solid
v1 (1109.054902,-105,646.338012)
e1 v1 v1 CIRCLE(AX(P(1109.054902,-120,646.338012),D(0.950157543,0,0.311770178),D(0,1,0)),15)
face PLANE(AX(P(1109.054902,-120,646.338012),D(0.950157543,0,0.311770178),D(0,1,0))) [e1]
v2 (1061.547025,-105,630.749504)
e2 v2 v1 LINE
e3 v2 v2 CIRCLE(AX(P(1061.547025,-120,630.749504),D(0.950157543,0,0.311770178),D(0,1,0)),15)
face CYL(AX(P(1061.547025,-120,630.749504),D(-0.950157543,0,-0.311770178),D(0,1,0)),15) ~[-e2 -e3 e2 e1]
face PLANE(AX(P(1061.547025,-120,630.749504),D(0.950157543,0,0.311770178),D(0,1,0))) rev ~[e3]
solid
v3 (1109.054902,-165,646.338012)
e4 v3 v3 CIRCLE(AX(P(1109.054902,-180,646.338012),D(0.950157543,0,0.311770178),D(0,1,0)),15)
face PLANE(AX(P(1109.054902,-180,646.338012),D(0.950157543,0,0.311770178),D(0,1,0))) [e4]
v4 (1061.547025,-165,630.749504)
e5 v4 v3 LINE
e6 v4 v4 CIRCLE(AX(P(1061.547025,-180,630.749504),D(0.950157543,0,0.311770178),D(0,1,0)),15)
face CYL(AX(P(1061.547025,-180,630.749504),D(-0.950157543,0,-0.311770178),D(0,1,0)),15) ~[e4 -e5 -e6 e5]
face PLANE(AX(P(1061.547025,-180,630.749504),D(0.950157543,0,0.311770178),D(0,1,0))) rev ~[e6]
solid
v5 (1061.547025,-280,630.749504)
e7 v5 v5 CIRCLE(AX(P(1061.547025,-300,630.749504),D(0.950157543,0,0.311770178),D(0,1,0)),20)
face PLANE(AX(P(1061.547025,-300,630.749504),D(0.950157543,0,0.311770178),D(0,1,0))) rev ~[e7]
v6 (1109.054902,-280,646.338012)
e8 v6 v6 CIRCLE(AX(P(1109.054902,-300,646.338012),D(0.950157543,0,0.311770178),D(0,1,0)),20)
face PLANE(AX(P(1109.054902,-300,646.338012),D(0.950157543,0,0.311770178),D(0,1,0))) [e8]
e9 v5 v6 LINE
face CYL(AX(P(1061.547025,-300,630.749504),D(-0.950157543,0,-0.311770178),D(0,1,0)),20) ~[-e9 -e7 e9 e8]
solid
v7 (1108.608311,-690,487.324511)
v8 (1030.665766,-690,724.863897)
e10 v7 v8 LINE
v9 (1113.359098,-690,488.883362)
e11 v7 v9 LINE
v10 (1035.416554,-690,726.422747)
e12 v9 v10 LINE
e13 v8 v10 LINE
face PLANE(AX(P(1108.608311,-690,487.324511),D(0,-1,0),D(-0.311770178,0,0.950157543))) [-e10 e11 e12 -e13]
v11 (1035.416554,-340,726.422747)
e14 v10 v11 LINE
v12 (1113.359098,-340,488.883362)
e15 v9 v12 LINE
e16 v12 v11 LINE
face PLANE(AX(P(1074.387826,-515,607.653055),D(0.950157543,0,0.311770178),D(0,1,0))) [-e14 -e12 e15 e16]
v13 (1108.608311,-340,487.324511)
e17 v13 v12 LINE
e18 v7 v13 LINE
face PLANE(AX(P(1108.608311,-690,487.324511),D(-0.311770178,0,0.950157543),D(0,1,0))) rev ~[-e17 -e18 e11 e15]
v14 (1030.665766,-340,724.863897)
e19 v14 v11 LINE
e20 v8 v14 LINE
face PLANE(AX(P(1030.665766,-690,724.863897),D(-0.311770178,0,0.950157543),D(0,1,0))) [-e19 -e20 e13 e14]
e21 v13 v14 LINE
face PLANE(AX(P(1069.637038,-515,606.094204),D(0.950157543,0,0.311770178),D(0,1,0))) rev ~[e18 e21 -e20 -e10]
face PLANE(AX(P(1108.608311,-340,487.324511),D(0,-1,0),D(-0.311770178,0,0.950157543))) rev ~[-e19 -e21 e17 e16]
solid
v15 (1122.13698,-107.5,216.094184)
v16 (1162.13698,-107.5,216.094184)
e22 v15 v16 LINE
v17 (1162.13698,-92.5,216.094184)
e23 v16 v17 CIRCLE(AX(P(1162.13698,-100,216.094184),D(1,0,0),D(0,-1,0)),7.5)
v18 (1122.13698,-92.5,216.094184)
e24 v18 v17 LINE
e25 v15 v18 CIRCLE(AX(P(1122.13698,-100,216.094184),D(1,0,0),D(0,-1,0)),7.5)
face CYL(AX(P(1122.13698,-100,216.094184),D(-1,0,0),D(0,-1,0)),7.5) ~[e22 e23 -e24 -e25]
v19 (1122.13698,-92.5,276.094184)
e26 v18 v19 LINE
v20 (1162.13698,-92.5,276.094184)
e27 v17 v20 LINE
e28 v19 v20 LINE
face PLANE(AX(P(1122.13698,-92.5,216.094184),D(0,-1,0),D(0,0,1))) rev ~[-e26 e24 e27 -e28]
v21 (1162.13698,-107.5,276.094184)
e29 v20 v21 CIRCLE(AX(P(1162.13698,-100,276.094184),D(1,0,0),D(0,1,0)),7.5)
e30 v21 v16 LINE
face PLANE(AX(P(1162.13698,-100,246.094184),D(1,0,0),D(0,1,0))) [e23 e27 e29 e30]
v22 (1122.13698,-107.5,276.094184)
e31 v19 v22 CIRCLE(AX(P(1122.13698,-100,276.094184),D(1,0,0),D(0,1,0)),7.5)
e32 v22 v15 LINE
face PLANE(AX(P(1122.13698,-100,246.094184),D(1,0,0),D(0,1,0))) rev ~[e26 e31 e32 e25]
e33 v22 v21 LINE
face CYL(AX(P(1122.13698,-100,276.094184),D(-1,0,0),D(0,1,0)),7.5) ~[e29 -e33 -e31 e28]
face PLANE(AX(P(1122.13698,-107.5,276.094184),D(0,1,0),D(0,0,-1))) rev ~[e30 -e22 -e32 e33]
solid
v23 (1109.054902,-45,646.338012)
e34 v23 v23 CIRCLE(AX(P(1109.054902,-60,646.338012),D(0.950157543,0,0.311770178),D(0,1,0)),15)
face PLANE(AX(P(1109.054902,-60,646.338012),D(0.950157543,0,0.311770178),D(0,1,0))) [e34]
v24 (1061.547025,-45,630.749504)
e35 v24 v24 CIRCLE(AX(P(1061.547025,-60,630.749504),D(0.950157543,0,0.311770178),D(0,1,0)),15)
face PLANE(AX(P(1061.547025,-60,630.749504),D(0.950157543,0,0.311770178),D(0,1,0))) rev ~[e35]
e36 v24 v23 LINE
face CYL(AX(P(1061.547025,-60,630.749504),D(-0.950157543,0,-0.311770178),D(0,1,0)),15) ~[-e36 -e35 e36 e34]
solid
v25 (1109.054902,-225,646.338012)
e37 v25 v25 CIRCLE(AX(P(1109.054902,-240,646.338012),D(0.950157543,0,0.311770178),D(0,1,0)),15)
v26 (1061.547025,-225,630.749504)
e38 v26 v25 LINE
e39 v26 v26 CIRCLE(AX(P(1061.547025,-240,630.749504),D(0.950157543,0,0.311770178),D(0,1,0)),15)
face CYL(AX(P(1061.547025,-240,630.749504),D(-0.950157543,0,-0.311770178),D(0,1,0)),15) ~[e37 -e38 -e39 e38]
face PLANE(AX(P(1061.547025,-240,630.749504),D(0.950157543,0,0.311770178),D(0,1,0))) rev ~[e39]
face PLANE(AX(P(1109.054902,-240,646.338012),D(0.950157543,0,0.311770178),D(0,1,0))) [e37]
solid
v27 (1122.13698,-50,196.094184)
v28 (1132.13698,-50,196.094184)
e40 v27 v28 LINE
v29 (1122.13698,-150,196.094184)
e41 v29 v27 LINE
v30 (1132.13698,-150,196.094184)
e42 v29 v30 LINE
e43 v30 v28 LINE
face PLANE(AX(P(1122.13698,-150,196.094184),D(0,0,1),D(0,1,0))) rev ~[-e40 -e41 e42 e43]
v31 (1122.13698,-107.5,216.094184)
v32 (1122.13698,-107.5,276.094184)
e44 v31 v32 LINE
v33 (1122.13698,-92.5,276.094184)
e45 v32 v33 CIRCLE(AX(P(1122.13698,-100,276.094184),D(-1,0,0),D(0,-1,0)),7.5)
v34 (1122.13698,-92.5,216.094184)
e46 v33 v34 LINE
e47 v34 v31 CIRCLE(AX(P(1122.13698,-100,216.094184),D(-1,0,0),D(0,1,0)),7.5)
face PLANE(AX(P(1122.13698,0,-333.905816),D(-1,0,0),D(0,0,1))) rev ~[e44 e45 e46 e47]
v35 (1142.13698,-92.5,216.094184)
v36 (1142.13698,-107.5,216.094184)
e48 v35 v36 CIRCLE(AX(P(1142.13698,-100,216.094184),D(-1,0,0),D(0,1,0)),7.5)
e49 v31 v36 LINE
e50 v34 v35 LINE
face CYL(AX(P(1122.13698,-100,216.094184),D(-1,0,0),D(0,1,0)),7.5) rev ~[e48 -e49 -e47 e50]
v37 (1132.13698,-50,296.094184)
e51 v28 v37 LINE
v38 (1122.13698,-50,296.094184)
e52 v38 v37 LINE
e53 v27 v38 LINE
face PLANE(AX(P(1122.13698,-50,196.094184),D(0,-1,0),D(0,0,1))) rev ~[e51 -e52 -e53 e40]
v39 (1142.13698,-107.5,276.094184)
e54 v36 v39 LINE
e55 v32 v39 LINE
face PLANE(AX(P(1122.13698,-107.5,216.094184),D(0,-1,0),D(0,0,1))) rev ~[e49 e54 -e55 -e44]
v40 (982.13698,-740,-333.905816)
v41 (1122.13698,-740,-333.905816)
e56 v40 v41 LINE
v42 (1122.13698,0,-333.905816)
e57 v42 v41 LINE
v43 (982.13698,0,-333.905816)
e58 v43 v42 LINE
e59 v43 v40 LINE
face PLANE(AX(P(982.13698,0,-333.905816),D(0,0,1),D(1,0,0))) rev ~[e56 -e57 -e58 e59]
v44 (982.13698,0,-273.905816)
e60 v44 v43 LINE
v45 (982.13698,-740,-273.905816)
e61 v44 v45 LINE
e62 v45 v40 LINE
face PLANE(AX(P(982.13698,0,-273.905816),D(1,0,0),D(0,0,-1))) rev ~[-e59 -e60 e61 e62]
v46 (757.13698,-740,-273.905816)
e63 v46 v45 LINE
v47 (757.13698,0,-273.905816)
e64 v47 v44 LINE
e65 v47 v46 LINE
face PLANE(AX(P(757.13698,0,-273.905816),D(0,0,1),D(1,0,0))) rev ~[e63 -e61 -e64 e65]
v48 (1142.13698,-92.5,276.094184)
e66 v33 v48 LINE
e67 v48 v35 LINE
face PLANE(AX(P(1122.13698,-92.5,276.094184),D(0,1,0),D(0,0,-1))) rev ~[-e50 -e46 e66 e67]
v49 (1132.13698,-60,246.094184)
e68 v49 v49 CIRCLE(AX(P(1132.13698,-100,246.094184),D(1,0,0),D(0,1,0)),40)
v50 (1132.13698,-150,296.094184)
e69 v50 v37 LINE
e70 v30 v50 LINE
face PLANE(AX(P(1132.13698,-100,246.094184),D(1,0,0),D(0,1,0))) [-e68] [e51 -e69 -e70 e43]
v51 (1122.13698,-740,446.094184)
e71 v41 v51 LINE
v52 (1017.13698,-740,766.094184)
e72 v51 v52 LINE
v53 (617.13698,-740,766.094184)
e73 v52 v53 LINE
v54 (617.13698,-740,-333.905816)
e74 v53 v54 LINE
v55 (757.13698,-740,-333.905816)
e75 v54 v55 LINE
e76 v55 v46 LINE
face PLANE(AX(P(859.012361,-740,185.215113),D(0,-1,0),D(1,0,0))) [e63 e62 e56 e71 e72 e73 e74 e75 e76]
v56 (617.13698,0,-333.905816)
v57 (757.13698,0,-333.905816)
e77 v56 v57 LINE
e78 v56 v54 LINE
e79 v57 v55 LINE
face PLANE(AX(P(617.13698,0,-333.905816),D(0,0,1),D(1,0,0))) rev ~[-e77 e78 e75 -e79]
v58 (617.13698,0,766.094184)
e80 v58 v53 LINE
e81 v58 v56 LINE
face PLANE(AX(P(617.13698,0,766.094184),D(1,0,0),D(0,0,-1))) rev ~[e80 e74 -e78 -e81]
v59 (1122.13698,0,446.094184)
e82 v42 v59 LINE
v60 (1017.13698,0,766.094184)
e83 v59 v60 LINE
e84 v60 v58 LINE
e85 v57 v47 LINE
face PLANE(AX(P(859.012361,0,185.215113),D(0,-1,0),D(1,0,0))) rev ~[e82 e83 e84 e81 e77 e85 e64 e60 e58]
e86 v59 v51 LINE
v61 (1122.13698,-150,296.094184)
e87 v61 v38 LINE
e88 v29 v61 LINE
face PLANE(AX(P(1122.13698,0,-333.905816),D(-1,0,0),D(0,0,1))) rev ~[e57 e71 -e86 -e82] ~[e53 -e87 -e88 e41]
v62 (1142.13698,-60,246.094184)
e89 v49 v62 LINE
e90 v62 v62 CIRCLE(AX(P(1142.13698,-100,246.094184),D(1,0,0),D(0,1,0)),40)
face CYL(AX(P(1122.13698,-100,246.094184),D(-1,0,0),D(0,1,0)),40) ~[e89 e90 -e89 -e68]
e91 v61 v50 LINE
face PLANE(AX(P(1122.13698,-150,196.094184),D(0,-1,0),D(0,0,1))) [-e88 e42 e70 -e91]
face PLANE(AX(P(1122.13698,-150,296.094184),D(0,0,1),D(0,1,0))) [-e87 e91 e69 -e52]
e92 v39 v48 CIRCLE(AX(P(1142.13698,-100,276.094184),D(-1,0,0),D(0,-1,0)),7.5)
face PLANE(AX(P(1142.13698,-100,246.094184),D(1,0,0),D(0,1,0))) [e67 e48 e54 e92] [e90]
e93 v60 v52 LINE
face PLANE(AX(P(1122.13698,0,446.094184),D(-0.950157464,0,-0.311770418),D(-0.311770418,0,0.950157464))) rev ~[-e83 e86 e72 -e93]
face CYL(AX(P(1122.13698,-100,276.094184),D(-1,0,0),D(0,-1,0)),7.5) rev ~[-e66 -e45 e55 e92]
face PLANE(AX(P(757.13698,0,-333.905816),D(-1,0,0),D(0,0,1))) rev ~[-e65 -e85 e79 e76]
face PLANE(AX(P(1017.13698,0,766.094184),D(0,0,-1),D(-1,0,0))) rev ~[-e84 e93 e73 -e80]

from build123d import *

# Parameters (mm, degrees)
F1_DEPTH = 740
F2_W     = 100
F2_H     = 100
F2_R     = 40
F3_DEPTH = 10
F4_DEPTH = 20
F5_DEPTH = 40
F6_W     = 350
F6_H     = 250
F7_DEPTH = 5
F8_R     = 20
F8_R_2   = 15
F9_DEPTH = 50


with BuildPart() as f1:
    # F0 (on Front) → F1 (new body)
    with BuildSketch(Plane.XZ):
        Polygon((1017.13698, 766.094184), (617.13698, 766.094184), (617.13698, -333.905816), (757.13698, -333.905816), (757.13698, -273.905816), (982.13698, -273.905816), (982.13698, -333.905816), (1122.13698, -333.905816), (1122.13698, 446.094184), align=None)
    extrude(amount=F1_DEPTH)

    # F2 (on face) → F3 (join)
    with BuildSketch(Plane.YZ.offset(1122.13698)):
        with Locations((-100, 246.094184)):
            Rectangle(F2_W, F2_H)
        with Locations((-100, 246.094184)):
            Circle(F2_R, mode=Mode.SUBTRACT)
    extrude(amount=F3_DEPTH)

    # F2 (on face) → F4 (join)
    with BuildSketch(Plane.YZ.offset(1122.13698)):
        with Locations((-100, 246.094184)):
            Circle(F2_R)
        with BuildLine():
            Line((-107.5, 216.094184), (-107.5, 276.094184))
            ThreePointArc((-107.5, 276.094184), (-100, 283.594184), (-92.5, 276.094184))
            Line((-92.5, 276.094184), (-92.5, 216.094184))
            ThreePointArc((-92.5, 216.094184), (-100, 208.594184), (-107.5, 216.094184))
        make_face(mode=Mode.SUBTRACT)
    extrude(amount=F4_DEPTH)


with BuildPart() as f5:
    # F2 (on face) → F5 (new body)
    with BuildSketch(Plane.YZ.offset(1122.13698)):
        with BuildLine():
            ThreePointArc((-92.5, 276.094184), (-100, 283.594184), (-107.5, 276.094184))
            Line((-107.5, 276.094184), (-107.5, 216.094184))
            ThreePointArc((-107.5, 216.094184), (-100, 208.594184), (-92.5, 216.094184))
            Line((-92.5, 216.094184), (-92.5, 276.094184))
        make_face()
    extrude(amount=F5_DEPTH)


with BuildPart() as f7:
    # F6 (on face) → F7 (new body)
    with BuildSketch(Plane(origin=(1145.211297, 0, 375.772457), x_dir=(0, 1, 0), z_dir=(0.950157, 0, 0.31177))):
        with Locations((-515, 242.403745)):
            Rectangle(F6_W, F6_H)
    extrude(amount=F7_DEPTH)


with BuildPart() as f9:
    # F8 (on face) → F9 (new body)
    with BuildSketch(Plane(origin=(1145.211297, 0, 375.772457), x_dir=(0, 1, 0), z_dir=(0.950157, 0, 0.31177))):
        with Locations((-300, 268.352389)):
            Circle(F8_R)
        with Locations((-240, 268.352389)):
            Circle(F8_R_2)
        with Locations((-180, 268.352389)):
            Circle(F8_R_2)
        with Locations((-120, 268.352389)):
            Circle(F8_R_2)
        with Locations((-60, 268.352389)):
            Circle(F8_R_2)
    extrude(amount=F9_DEPTH)


solid = Compound([f1.part, f5.part, f7.part, f9.part])
